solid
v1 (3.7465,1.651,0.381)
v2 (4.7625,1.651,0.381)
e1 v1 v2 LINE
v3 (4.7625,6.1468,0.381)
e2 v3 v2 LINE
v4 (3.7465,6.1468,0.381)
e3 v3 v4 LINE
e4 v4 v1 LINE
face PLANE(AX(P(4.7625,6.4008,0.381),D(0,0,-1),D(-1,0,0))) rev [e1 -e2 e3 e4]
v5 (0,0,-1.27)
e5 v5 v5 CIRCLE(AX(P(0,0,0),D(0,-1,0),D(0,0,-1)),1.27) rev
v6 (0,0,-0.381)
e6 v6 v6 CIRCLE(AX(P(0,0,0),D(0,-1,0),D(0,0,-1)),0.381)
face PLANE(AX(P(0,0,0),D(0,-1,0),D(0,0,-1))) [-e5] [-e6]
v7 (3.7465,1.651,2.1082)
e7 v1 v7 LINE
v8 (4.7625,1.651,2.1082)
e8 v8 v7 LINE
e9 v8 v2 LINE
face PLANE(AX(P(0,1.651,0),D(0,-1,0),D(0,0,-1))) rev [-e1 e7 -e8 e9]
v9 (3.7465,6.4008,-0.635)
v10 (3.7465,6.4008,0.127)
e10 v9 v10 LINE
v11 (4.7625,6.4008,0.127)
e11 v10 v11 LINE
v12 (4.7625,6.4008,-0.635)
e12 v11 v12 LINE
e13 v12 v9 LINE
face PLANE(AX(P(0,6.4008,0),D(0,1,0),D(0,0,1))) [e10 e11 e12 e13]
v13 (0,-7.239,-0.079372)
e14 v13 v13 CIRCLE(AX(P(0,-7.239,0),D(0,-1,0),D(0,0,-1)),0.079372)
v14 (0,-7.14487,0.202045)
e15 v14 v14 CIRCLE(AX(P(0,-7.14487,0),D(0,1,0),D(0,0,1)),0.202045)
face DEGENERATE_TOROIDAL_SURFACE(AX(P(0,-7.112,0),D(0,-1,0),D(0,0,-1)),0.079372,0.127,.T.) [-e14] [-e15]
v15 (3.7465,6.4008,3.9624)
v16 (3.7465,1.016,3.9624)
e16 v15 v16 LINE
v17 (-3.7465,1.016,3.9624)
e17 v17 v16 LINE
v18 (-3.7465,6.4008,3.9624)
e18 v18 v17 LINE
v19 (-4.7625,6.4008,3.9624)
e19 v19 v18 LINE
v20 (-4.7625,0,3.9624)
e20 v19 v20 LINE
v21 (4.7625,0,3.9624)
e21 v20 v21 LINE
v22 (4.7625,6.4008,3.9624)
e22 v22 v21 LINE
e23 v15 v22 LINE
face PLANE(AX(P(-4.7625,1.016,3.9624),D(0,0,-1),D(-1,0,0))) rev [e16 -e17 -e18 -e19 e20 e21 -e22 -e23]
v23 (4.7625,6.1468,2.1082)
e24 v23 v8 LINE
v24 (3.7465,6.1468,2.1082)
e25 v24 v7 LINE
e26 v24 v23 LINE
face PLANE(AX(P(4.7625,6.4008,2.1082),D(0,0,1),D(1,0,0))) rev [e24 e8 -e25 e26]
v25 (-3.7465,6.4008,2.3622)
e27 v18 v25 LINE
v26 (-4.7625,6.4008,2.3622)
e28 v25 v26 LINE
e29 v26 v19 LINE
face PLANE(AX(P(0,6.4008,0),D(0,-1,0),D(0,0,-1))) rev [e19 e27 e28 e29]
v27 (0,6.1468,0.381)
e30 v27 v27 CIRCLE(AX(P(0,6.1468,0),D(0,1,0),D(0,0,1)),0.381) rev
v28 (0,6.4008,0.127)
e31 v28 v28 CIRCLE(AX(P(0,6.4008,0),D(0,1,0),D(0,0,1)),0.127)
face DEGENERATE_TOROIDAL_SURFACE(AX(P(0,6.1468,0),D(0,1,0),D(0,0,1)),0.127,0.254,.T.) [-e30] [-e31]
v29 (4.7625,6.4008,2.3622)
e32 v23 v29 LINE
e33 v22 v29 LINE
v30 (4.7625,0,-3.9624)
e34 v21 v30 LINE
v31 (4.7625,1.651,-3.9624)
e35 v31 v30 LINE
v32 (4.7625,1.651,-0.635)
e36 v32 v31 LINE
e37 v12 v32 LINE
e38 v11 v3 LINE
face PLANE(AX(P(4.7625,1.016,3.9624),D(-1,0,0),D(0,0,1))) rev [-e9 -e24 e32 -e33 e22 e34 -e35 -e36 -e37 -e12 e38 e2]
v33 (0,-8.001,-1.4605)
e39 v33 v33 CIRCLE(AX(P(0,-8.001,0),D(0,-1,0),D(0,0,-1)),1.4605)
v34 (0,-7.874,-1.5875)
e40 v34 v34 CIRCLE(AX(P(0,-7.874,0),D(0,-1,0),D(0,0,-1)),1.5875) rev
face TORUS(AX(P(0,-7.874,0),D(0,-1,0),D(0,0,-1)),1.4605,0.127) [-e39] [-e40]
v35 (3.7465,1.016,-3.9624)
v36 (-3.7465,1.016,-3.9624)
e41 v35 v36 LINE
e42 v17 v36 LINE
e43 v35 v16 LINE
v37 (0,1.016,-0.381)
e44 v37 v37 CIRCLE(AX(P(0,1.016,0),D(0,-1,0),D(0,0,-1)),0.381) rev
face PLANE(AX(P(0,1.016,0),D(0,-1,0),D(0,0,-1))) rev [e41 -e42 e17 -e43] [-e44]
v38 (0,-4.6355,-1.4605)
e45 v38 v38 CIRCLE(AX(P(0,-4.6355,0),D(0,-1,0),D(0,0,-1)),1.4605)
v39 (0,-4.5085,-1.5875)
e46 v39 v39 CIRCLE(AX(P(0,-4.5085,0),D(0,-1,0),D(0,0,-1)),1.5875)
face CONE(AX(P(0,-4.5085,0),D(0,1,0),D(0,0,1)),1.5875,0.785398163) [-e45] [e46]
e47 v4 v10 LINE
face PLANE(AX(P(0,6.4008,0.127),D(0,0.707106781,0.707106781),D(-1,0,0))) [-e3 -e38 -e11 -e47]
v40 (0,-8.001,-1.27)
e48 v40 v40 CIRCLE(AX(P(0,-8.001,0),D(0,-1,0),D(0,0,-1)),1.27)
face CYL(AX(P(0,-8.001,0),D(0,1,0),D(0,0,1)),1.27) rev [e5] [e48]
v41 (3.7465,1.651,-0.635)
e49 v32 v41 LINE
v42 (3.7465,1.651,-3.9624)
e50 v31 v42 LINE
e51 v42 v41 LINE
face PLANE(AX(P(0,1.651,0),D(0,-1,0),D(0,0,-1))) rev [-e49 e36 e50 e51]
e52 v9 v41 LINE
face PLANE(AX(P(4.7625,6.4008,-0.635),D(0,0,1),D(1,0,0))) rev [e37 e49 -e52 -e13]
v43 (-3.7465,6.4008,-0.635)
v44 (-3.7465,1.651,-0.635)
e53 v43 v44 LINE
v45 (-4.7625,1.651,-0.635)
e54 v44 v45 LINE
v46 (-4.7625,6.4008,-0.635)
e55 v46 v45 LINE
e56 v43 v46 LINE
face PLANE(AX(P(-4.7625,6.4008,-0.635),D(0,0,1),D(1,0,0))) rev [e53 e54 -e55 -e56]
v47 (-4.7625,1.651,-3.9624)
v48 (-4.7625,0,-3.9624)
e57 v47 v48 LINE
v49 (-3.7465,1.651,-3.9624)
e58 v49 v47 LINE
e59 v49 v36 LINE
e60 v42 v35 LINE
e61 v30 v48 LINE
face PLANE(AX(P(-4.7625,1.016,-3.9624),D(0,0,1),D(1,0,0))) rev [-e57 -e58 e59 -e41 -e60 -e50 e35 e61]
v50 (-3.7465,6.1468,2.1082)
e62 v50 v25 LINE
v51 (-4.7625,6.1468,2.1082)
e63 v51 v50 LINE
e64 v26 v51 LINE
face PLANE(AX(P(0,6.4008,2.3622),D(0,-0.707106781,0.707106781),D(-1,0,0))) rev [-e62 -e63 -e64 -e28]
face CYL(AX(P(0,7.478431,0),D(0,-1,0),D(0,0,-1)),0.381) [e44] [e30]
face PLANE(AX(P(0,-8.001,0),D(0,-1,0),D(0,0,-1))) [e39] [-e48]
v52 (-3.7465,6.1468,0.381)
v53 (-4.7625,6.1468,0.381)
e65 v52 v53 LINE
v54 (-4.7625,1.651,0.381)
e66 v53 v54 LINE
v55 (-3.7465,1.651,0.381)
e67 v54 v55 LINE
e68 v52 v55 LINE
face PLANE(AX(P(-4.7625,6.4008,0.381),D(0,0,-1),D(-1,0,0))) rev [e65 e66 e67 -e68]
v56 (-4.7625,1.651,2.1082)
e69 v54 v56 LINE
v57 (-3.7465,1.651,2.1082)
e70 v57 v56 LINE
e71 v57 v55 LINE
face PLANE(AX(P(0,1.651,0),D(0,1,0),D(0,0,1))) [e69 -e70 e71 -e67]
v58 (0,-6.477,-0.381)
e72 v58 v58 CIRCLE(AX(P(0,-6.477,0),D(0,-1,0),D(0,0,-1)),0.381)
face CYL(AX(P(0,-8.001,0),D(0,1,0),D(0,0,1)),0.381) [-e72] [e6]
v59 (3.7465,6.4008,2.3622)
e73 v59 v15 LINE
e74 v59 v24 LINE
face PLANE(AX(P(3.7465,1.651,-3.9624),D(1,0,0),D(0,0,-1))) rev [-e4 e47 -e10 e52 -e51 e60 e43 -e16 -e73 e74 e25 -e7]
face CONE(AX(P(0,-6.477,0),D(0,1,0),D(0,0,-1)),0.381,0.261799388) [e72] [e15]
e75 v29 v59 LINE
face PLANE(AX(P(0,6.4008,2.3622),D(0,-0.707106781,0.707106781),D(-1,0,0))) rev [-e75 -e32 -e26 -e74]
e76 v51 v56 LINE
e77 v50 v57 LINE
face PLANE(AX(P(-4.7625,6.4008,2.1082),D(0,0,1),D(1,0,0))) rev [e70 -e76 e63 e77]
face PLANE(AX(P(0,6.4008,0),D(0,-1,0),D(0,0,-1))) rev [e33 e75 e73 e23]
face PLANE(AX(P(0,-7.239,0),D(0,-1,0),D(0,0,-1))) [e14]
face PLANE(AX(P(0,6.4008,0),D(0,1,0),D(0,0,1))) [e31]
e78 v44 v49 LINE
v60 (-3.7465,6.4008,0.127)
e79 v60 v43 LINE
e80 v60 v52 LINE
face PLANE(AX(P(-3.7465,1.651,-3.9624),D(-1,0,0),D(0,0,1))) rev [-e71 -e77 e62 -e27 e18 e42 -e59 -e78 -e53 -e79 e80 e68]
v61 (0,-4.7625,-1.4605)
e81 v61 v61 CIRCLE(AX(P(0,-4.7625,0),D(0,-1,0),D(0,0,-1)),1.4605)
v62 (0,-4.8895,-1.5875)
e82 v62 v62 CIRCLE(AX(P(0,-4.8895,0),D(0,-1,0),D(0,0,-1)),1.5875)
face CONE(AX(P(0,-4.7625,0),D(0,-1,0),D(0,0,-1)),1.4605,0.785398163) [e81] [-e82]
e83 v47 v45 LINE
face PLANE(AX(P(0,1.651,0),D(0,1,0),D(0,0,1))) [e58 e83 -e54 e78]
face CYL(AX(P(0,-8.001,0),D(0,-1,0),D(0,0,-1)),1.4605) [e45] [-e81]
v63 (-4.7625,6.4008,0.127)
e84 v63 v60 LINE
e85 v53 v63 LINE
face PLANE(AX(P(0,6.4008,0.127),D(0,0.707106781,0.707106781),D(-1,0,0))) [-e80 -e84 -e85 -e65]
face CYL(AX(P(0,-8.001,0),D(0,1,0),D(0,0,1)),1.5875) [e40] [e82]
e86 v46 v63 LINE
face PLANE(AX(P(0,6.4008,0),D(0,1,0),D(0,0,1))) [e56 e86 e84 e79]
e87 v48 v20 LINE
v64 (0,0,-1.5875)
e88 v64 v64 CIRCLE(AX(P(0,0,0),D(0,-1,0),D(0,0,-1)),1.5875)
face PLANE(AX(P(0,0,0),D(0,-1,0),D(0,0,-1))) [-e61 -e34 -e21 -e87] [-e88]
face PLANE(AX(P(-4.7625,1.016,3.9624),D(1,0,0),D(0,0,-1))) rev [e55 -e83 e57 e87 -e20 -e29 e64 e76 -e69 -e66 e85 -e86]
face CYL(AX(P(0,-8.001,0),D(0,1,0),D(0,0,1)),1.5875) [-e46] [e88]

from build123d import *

# Parameters (mm, degrees)
SKETCH1_W           = 9.525
SKETCH1_H           = 7.9248
BOSS_EXTRUDE1_DEPTH = 1.016
SKETCH2_W           = 1.016
SKETCH2_H           = 7.9248
BOSS_EXTRUDE2_DEPTH = 0.635
SKETCH3_W           = 1.016
SKETCH3_H           = 1.8542
SKETCH3_H_2         = 1.016
BOSS_EXTRUDE3_DEPTH = 4.7498
CHAMFER1_SIZE       = 0.254
SKETCH4_R           = 0.381
BOSS_EXTRUDE4_DEPTH = 5.3848
FILLET1_R           = 0.254
BOSS_EXTRUDE5_START = 8.001
SKETCH5_R           = 1.5875
SKETCH5_R_2         = 1.27
SKETCH5_R_3         = 0.381
BOSS_EXTRUDE5_DEPTH = 8.001
SKETCH7_R           = 0.381
CUT_EXTRUDE1_DEPTH  = 1.524
SKETCH8_R           = 0.381
BOSS_EXTRUDE6_DEPTH = 0.762
BOSS_EXTRUDE6_TAPER = 15
FILLET2_R           = 0.127
FILLET3_R           = 0.127


with BuildPart() as part:
    # Sketch1 → Boss-Extrude1 (new body)
    with BuildSketch(Plane(origin=(0, 0, 0), x_dir=(1, 0, 0), z_dir=(0, 1, 0))):
        Rectangle(SKETCH1_W, SKETCH1_H)
    extrude(amount=BOSS_EXTRUDE1_DEPTH)

    # Sketch2 → Boss-Extrude2 (add)
    with BuildSketch(Plane(origin=(0, 1.016, 0), x_dir=(1, 0, 0), z_dir=(0, 1, 0))):
        with Locations((-4.2545, 0)):
            Rectangle(SKETCH2_W, SKETCH2_H)
        with Locations((4.2545, 0)):
            Rectangle(SKETCH2_W, SKETCH2_H)
    extrude(amount=BOSS_EXTRUDE2_DEPTH)

    # Sketch3 → Boss-Extrude3 (add)
    with BuildSketch(Plane(origin=(0, 1.651, 0), x_dir=(1, 0, 0), z_dir=(0, 1, 0))):
        with Locations((-4.2545, -3.0353)):
            Rectangle(SKETCH3_W, SKETCH3_H)
        with Locations((-4.2545, 0.127)):
            Rectangle(SKETCH3_W, SKETCH3_H_2)
        with Locations((4.2545, 0.127)):
            Rectangle(SKETCH3_W, SKETCH3_H_2)
        with Locations((4.2545, -3.0353)):
            Rectangle(SKETCH3_W, SKETCH3_H)
    extrude(amount=BOSS_EXTRUDE3_DEPTH)

    # Chamfer1
    chamfer1_edges = [part.edges().sort_by_distance(p)[0] for p in [
        (-4.2545, 6.4008, 2.1082),
        (-4.2545, 6.4008, 0.381),
        (4.2545, 6.4008, 0.381),
        (4.2545, 6.4008, 2.1082),
    ]]
    chamfer(chamfer1_edges, length=CHAMFER1_SIZE)

    # Sketch4 → Boss-Extrude4 (add)
    with BuildSketch(Plane(origin=(0, 1.016, 0), x_dir=(1, 0, 0), z_dir=(0, 1, 0))):
        with Locations(Location((0, 0, 0), (0, 0, 90))):
            Circle(SKETCH4_R)
    extrude(amount=BOSS_EXTRUDE4_DEPTH)

    # Fillet1
    fillet1_edges = [part.edges().sort_by_distance(p)[0] for p in [
        (0, 6.4008, 0.381),
    ]]
    fillet(fillet1_edges, radius=FILLET1_R)

    # Sketch5 → Boss-Extrude5 (add)
    # profile 1 of 2: a face of its own
    with BuildSketch(Plane.XZ.offset(BOSS_EXTRUDE5_START)):
        with Locations(Location((0, 0, 0), (0, 0, 270))):
            Circle(SKETCH5_R)
        with Locations(Location((0, 0, 0), (0, 0, 270))):
            Circle(SKETCH5_R_2, mode=Mode.SUBTRACT)
    # profile 2 of 2: a face of its own
    with BuildSketch(Plane.XZ.offset(BOSS_EXTRUDE5_START)):
        with Locations(Location((0, 0, 0), (0, 0, 270))):
            Circle(SKETCH5_R_3)
    extrude(amount=-BOSS_EXTRUDE5_DEPTH)

    # Sketch6 → Cut-Revolve1 (revolve, cut)
    with BuildSketch(Plane(origin=(0, 0, 0), x_dir=(0, 0, -1), z_dir=(1, 0, 0))):
        Polygon((1.5875, -4.5085), (1.4605, -4.6355), (1.4605, -4.7625), (1.5875, -4.8895), align=None)
    revolve(axis=Axis((0, -8.001, 0), (0, 1, 0)), mode=Mode.SUBTRACT)

    # Sketch7 → Cut-Extrude1 (cut)
    with BuildSketch(Plane.XZ.offset(8.001)):
        with Locations(Location((0, 0, 0), (0, 0, 270))):
            Circle(SKETCH7_R)
    extrude(amount=-CUT_EXTRUDE1_DEPTH, mode=Mode.SUBTRACT)

    # Sketch8 → Boss-Extrude6 (add)
    with BuildSketch(Plane.XZ.offset(6.477)):
        with Locations(Location((0, 0, 0), (0, 0, 270))):
            Circle(SKETCH8_R)
    extrude(amount=BOSS_EXTRUDE6_DEPTH, taper=BOSS_EXTRUDE6_TAPER)

    # Fillet2
    fillet2_edges = [part.edges().sort_by_distance(p)[0] for p in [
        (0, -7.239, 0.176822715),
    ]]
    fillet(fillet2_edges, radius=FILLET2_R)

    # Fillet3
    fillet3_edges = [part.edges().sort_by_distance(p)[0] for p in [
        (0, -8.001, 1.5875),
    ]]
    fillet(fillet3_edges, radius=FILLET3_R)


solid = part.part
